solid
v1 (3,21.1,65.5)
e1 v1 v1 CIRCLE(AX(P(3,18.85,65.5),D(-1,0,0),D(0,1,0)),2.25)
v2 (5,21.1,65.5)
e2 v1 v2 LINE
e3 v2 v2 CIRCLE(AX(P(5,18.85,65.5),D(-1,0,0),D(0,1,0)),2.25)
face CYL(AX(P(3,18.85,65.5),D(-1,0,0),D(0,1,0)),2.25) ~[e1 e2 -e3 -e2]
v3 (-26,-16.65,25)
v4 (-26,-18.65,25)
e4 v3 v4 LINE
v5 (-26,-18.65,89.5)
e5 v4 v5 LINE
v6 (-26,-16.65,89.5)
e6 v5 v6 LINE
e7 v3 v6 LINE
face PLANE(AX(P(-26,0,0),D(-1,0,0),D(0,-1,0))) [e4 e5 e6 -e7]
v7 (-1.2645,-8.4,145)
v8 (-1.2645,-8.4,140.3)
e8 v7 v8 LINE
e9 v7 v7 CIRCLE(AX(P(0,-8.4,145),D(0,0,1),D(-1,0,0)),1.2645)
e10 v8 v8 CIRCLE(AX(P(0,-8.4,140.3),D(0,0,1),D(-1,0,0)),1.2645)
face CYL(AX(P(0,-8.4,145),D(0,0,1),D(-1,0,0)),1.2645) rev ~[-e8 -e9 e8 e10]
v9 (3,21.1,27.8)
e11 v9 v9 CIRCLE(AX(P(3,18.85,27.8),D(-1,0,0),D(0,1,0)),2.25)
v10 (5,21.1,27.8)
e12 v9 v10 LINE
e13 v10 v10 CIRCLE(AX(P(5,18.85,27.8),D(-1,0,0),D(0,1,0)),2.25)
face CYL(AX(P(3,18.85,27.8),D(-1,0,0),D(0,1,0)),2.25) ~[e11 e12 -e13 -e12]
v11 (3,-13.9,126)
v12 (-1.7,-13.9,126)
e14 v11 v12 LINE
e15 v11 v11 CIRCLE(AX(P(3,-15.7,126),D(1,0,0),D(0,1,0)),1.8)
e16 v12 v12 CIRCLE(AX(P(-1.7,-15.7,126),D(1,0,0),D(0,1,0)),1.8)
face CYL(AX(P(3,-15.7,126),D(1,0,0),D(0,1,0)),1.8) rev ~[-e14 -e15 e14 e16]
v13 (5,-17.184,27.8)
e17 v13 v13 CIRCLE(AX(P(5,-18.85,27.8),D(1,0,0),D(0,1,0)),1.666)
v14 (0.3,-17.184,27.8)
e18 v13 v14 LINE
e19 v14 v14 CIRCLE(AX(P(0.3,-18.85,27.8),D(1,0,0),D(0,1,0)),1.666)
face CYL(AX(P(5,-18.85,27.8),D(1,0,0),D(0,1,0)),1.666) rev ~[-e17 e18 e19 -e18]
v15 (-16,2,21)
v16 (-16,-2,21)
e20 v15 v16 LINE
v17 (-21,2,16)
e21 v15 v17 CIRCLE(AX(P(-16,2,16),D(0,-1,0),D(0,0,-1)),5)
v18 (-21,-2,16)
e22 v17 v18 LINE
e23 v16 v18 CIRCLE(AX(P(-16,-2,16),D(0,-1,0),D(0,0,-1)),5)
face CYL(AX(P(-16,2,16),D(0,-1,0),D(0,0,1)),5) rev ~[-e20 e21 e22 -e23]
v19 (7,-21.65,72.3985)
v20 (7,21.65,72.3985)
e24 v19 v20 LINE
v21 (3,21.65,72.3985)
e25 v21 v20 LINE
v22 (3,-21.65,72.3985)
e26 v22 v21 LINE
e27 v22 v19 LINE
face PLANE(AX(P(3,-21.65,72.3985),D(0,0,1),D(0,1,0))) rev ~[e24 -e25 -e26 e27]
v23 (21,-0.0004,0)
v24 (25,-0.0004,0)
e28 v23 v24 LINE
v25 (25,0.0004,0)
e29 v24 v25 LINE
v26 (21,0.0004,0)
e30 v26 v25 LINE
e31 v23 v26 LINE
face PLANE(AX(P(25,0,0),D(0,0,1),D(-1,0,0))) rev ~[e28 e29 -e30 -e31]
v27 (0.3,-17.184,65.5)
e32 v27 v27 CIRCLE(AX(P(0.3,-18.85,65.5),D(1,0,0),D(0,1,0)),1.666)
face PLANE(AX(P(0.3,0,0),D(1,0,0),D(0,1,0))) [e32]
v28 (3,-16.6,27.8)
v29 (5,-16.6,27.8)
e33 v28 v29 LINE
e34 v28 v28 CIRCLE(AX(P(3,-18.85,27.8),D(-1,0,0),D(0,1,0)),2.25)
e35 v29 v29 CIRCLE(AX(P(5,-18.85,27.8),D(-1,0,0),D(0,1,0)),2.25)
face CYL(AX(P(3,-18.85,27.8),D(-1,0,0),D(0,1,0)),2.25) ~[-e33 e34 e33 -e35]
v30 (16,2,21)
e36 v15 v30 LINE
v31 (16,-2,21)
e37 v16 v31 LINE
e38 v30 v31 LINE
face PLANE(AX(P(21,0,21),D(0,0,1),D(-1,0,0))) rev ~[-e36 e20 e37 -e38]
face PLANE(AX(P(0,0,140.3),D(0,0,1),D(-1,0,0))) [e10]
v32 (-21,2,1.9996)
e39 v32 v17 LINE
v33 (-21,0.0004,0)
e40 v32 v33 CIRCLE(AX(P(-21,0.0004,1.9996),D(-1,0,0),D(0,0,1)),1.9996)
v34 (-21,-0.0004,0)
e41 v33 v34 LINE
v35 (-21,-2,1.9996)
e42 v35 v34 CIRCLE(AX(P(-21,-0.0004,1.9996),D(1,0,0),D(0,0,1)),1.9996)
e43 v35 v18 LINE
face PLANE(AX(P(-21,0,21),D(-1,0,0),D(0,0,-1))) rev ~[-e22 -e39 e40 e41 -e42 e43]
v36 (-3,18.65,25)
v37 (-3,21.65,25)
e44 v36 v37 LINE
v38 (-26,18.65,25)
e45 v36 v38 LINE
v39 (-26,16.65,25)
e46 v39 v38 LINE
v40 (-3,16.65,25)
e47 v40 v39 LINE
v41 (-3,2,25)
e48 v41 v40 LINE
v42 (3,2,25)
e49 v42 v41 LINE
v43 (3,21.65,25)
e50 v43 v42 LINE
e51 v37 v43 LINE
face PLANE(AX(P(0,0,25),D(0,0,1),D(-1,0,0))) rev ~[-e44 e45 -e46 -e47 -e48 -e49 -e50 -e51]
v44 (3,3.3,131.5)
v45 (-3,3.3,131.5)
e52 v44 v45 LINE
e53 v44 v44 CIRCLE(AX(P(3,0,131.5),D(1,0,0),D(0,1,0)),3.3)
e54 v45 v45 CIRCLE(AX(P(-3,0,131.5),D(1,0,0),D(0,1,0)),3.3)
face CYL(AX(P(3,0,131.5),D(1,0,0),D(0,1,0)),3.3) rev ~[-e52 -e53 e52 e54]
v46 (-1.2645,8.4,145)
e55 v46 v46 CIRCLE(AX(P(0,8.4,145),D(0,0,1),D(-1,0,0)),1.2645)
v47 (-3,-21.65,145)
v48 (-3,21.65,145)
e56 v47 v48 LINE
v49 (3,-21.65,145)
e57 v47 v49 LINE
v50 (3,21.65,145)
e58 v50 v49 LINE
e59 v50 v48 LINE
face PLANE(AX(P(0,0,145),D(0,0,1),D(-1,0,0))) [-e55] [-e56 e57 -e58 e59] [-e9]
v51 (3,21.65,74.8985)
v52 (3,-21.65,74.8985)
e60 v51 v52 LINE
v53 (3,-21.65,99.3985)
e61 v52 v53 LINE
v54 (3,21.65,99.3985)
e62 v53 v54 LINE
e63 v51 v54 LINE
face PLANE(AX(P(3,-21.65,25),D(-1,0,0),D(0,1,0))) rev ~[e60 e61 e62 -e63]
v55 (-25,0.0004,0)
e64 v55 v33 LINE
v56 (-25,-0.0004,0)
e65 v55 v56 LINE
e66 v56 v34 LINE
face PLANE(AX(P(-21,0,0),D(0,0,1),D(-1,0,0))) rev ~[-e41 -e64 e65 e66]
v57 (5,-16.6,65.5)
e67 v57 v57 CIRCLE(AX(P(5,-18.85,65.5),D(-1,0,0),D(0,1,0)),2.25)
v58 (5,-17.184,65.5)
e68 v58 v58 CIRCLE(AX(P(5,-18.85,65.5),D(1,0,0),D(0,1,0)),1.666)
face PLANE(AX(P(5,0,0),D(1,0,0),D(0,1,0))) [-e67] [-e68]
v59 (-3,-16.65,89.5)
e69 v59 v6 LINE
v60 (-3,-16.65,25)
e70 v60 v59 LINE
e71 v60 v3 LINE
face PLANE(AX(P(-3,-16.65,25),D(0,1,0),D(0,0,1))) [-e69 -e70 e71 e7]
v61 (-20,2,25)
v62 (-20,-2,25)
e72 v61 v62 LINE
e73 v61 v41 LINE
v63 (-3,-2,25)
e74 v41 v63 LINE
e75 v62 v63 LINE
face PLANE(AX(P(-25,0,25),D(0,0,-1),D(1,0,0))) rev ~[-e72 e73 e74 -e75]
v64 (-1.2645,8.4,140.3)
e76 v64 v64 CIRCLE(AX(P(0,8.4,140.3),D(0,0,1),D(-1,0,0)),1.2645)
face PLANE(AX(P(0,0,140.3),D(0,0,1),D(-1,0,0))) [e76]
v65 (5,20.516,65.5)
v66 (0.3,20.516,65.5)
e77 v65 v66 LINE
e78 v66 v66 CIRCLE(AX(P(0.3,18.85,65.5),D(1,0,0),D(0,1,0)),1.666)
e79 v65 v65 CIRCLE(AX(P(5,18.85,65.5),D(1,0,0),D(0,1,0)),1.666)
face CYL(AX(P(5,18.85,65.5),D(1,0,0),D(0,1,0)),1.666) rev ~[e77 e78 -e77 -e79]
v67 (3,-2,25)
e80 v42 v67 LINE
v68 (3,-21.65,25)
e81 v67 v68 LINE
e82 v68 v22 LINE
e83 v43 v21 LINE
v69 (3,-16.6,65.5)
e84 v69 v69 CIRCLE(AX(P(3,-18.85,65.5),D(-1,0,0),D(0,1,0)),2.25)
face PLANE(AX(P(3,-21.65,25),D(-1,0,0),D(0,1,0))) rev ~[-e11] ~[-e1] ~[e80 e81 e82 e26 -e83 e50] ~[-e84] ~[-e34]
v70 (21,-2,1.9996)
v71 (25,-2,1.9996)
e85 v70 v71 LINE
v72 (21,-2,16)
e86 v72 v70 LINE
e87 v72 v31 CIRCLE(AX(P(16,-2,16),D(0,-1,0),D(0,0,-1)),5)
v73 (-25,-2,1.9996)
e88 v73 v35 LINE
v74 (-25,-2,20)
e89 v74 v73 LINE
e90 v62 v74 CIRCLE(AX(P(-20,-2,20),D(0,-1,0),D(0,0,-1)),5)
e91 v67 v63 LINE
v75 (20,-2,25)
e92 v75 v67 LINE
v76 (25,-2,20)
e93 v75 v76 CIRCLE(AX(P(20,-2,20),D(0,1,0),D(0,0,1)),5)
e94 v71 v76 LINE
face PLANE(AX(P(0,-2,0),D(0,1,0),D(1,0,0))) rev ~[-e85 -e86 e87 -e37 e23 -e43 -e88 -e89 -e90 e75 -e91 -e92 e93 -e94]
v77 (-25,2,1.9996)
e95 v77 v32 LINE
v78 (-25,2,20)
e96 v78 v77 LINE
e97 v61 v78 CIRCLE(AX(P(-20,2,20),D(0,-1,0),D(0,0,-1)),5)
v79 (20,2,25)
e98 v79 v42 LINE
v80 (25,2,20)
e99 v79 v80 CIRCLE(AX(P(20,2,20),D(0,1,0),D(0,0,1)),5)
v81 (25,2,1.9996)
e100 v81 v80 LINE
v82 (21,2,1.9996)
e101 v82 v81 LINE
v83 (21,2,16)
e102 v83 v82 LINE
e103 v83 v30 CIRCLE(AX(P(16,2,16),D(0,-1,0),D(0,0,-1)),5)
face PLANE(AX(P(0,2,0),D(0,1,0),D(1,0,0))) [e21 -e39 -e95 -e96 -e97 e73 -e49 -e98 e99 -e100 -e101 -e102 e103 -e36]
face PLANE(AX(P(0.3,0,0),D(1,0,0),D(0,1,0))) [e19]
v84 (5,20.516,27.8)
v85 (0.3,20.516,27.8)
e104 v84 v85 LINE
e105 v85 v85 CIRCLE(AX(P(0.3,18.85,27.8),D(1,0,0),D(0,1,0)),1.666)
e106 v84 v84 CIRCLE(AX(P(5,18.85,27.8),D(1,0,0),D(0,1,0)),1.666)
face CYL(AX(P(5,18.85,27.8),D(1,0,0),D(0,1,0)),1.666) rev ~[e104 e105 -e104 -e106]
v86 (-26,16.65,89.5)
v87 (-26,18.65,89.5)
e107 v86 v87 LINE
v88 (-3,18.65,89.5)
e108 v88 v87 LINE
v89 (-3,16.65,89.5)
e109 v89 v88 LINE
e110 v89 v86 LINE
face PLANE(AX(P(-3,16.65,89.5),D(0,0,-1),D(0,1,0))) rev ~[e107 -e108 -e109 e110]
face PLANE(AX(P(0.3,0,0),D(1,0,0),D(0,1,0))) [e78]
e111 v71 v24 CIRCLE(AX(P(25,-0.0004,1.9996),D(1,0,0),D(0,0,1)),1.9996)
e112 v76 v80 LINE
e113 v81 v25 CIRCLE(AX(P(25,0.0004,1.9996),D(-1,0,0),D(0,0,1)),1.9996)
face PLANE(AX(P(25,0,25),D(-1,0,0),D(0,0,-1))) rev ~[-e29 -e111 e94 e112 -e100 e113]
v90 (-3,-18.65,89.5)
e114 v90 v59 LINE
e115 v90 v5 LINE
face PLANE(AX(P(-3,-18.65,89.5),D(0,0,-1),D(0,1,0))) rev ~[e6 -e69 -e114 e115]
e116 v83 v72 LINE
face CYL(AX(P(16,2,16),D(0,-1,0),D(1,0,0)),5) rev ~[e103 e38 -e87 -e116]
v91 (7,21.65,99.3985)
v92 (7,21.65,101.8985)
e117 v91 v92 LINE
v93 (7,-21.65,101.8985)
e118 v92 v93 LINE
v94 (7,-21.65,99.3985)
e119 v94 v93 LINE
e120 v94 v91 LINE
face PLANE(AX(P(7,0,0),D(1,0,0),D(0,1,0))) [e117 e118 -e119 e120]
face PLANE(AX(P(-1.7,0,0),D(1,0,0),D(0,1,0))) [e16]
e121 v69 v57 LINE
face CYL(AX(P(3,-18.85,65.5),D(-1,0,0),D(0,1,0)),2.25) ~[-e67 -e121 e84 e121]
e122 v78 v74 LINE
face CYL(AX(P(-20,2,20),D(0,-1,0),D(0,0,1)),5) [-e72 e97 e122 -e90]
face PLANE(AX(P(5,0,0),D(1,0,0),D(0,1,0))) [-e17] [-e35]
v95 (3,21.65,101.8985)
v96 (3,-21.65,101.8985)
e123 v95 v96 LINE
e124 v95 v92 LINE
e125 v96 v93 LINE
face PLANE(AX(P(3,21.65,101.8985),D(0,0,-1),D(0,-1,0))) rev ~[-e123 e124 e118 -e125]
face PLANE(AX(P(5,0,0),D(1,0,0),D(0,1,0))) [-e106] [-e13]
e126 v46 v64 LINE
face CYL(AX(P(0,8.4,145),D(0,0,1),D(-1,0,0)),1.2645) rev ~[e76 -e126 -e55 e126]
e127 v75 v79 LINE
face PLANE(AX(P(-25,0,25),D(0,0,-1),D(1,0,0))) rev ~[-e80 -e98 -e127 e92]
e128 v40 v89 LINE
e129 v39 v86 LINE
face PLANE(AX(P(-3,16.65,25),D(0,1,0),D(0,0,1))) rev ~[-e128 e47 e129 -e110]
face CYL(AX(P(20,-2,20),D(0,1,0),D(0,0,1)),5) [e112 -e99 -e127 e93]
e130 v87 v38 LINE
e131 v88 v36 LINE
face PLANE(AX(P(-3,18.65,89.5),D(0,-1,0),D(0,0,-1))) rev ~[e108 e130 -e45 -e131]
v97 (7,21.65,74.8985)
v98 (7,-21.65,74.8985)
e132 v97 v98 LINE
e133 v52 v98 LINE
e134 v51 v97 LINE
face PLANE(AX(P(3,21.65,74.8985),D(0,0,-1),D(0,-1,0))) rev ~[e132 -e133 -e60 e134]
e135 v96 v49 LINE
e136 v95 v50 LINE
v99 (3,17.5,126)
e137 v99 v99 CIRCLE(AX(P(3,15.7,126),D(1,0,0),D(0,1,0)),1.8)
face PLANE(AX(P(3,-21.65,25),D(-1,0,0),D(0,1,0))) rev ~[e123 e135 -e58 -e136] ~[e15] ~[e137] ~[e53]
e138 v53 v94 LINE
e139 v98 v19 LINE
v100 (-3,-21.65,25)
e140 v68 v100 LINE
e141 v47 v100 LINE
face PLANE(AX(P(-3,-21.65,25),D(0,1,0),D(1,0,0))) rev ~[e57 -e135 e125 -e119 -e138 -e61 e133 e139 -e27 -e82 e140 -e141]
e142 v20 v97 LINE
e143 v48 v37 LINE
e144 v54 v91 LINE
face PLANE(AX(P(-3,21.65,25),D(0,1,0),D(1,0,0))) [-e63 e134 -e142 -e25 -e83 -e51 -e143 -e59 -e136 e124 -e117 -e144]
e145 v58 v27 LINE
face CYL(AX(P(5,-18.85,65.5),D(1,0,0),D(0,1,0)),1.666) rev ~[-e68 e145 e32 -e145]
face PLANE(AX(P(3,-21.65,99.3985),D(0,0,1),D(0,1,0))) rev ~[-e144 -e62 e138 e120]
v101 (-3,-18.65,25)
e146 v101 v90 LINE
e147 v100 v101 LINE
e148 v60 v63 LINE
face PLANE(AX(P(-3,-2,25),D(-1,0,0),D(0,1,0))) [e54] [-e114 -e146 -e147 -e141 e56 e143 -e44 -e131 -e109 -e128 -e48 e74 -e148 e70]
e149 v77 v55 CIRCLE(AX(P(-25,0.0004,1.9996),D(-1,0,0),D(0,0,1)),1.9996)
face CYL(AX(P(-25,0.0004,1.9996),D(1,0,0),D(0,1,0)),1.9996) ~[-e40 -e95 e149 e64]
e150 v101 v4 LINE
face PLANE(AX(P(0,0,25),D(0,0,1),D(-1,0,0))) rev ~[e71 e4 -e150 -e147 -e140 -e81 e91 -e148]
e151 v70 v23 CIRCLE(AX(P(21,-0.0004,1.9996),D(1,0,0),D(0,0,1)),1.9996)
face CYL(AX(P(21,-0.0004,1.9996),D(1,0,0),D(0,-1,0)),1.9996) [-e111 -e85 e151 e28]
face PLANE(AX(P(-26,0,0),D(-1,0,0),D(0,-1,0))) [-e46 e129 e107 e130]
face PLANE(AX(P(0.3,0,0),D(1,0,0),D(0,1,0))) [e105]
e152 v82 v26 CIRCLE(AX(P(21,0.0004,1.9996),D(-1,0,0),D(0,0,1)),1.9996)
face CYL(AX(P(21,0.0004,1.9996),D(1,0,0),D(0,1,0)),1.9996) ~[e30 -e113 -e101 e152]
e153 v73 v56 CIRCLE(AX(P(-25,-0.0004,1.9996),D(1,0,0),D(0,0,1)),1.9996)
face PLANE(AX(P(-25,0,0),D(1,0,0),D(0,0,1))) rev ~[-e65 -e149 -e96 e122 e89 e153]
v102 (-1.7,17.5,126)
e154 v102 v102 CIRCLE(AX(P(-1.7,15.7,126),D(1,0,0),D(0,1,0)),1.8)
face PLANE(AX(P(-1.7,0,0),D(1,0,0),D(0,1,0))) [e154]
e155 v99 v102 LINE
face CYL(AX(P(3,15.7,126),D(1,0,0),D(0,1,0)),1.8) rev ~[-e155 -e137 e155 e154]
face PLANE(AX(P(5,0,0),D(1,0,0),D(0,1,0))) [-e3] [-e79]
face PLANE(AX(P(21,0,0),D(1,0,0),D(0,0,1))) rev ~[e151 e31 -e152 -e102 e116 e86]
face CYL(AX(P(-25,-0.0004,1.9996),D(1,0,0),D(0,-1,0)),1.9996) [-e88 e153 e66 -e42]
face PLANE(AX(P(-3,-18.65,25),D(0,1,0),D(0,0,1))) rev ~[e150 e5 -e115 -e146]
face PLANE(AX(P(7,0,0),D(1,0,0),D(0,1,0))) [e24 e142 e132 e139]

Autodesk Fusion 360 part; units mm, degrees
sketch "스케치1" plane through (0, 0, 0) normal (0, 1, 0) x (1, 0, 0)
  line L0 (-25, 0) -> (-25, -25)
  line L1 (-25, -25) -> (25, -25)
  line L2 (25, -25) -> (25, 0)
  line L3 (25, 0) -> (21, 0)
  line L4 (21, 0) -> (21, -21)
  line L5 (21, -21) -> (-21, -21)
  line L6 (-21, -21) -> (-21, 0)
  line L7 (-21, 0) -> (-25, 0)
extrude "돌출1" add sketch "스케치1" along normal mid plane 4
sketch "스케치2" plane through (0, 0, 25) normal (0, 0, 1) x (-1, 0, 0)
  line L0 (25, 2) -> (-25, 2)
  line L1 (3, -21.65) -> (-3, -21.65)
  line L2 (3, -21.65) -> (3, 0)
  line L3 (-3, -21.65) -> (-3, 0)
  line L4 (-20, 0) -> (-2.5, 0)
  line L5 (3, 21.65) -> (-3, 21.65)
  line L6 (3, 21.65) -> (3, 0)
  line L7 (-3, 21.65) -> (-3, 0)
  line L8 (25, -2) -> (-25, -2)
  dimension "d29" = 21.65
  dimension "d30" = 3
  dimension "d31" = 3
extrude "돌출2" add sketch "스케치2" along normal blind 120
sketch "스케치14" plane through (0, 0, 145) normal (0, 0, 1) x (-1, 0, 0)
  circle A0 centre (0, -8.4) radius 1.8
  line L0 (-1.75, 0) -> (-22.5, 0)
  circle A1 centre (0, 8.4) radius 1.8
  dimension "d34" = 3.6
  dimension "d35" = 8.4
extrude "돌출10" cut sketch "스케치14" against normal blind 4.7
thread "스레드1" "ISO Metric profile 3.0 M3x0.5 6H" major diameter 3.086 minor diameter 2.529 pitch 0.5 angle 60 resizes the face on face at (-1.7978, 8.4897, 141.8667)
thread "스레드2" "ISO Metric profile 3.0 M3x0.5 6H" major diameter 3.086 minor diameter 2.529 pitch 0.5 angle 60 resizes the face on face at (-1.7978, -8.3103, 141.8667)
sketch "스케치15" plane through (3, 0, 0) normal (1, 0, 0) x (0, 1, 0)
  line L0 (0, 1.75) -> (0, 22.5)
  line L1 (-21.65, 145) -> (21.65, 145)
  circle A0 centre (-18.85, 27.8) radius 2.25
  line L2 (2, 25) -> (21.65, 25)
  line L3 (-21.65, 25) -> (-21.65, 145)
  circle A1 centre (-18.85, 65.5) radius 2.25
  circle A2 centre (18.85, 65.5) radius 2.25
  circle A3 centre (18.85, 27.8) radius 2.25
  dimension "d43" = 4.5
  dimension "d44" = 2.8
  dimension "d45" = 2.8
  dimension "d46" = 4.5
  dimension "d47" = 37.7
extrude "돌출13" add sketch "스케치15" along normal blind 2
sketch "스케치17" plane through (5, 0, 0) normal (1, 0, 0) x (0, 1, 0)
  circle A0 centre (-18.85, 65.5) radius 1.8
  circle A1 centre (-18.85, 27.8) radius 1.8
  line L0 (0, 1.75) -> (0, 22.5)
  circle A2 centre (18.85, 27.8) radius 1.8
  circle A3 centre (18.85, 65.5) radius 1.8
  point P0 (-18.85, 65.5)
  point P1 (-18.85, 27.8)
  dimension "d56" = 3.6
  dimension "d57" = 3.6
extrude "돌출15" cut sketch "스케치17" against normal blind 4.7
thread "스레드7" "ISO Metric profile 4.0 M4x0.7 6H" major diameter 4.1095 minor diameter 3.332 pitch 0.7 angle 60 resizes the face on face at (1.8667, -17.3141, 66.4386)
thread "스레드8" "ISO Metric profile 4.0 M4x0.7 6H" major diameter 4.1095 minor diameter 3.332 pitch 0.7 angle 60 resizes the face on face at (1.8667, 20.4308, 66.3609)
thread "스레드9" "ISO Metric profile 4.0 M4x0.7 6H" major diameter 4.1095 minor diameter 3.332 pitch 0.7 angle 60 resizes the face on face at (3.4333, -17.0589, 27.6208)
thread "스레드10" "ISO Metric profile 4.0 M4x0.7 6H" major diameter 4.1095 minor diameter 3.332 pitch 0.7 angle 60 resizes the face on face at (1.8667, 20.6478, 27.7103)
sketch "스케치18" plane through (3, 0, 0) normal (1, 0, 0) x (0, 1, 0)
  line L0 (-21.65, 72.3985) -> (21.65, 72.3985)
  line L1 (21.65, 72.3985) -> (21.65, 74.8985)
  line L2 (21.65, 74.8985) -> (-21.65, 74.8985)
  line L3 (-21.65, 74.8985) -> (-21.65, 72.3985)
  line L4 (-21.65, 25) -> (-21.65, 145)
  line L5 (21.65, 25) -> (21.65, 145)
  line L6 (-21.65, 99.3985) -> (21.65, 99.3985)
  line L7 (21.65, 99.3985) -> (21.65, 101.8985)
  line L8 (21.65, 101.8985) -> (-21.65, 101.8985)
  line L9 (-21.65, 101.8985) -> (-21.65, 99.3985)
  dimension "d60" = 2.5
  dimension "d61" = 2.5
  dimension "d62" = 24.5
extrude "돌출16" add sketch "스케치18" along normal blind 4 contours L0 L1 L2 L3 L4 L5 | L4 L5 L6 L7 L8 L9
sketch "스케치19" plane through (3, 0, 0) normal (1, 0, 0) x (0, 1, 0)
  circle A0 centre (0, 126) radius 12
  circle A1 centre (15.7, 126) radius 1.8
  line L0 (0, 2.5) -> (0, 20)
  circle A2 centre (-15.7, 126) radius 1.8
  circle A3 centre (0, 131.5) radius 3.3
  circle A4 centre (0, 131.5) radius 1.8
  dimension "d65" = 24
  dimension "d66" = 3.6
  dimension "d67" = 15.7
  dimension "d68" = 6.6
  dimension "d69" = 5.5
  dimension "d70" = 3.6
extrude "돌출17" cut sketch "스케치19" against normal blind 4.7 contours A1 | A2
extrude "돌출18" cut sketch "스케치19" against normal through all contours A3 | A4
sketch "스케치20" plane through (-3, 0, 0) normal (-1, 0, 0) x (0, -1, 0)
  line L0 (-2, 25) -> (-21.65, 25)
  line L1 (-16.65, 25) -> (-16.65, 89.5)
  line L2 (16.65, 25) -> (16.65, 89.5)
  line L3 (-16.65, 89.5) -> (-18.65, 89.5)
  line L4 (-18.65, 89.5) -> (-18.65, 25)
  line L5 (-18.65, 25) -> (-16.65, 25)
  line L6 (16.65, 25) -> (18.65, 25)
  line L7 (18.65, 25) -> (18.65, 89.5)
  line L8 (18.65, 89.5) -> (16.65, 89.5)
  point P0 (21.65, 25)
  dimension "d74" = 33.3
  dimension "d75" = 5
  dimension "d76" = 5
  dimension "d77" = 2
  dimension "d78" = 2
  dimension "d79" = 64.5
extrude "돌출19" add sketch "스케치20" along normal blind 23
fillet "모깎기1" radius 5 4 edges at (-21, 0, 21) (-25, 0, 25) (21, 0, 21) (25, 0, 25)
fillet "모깎기2" radius 2 4 edges at (-23, -2, 0) (-23, 2, 0) (23, -2, 0) (23, 2, 0)
equation "d35 = 10 mm - 1.6 mm"
equation "d67 = 18.5 mm - 2.8 mm"
equation "d69 = 8.5 mm - 3 mm"
